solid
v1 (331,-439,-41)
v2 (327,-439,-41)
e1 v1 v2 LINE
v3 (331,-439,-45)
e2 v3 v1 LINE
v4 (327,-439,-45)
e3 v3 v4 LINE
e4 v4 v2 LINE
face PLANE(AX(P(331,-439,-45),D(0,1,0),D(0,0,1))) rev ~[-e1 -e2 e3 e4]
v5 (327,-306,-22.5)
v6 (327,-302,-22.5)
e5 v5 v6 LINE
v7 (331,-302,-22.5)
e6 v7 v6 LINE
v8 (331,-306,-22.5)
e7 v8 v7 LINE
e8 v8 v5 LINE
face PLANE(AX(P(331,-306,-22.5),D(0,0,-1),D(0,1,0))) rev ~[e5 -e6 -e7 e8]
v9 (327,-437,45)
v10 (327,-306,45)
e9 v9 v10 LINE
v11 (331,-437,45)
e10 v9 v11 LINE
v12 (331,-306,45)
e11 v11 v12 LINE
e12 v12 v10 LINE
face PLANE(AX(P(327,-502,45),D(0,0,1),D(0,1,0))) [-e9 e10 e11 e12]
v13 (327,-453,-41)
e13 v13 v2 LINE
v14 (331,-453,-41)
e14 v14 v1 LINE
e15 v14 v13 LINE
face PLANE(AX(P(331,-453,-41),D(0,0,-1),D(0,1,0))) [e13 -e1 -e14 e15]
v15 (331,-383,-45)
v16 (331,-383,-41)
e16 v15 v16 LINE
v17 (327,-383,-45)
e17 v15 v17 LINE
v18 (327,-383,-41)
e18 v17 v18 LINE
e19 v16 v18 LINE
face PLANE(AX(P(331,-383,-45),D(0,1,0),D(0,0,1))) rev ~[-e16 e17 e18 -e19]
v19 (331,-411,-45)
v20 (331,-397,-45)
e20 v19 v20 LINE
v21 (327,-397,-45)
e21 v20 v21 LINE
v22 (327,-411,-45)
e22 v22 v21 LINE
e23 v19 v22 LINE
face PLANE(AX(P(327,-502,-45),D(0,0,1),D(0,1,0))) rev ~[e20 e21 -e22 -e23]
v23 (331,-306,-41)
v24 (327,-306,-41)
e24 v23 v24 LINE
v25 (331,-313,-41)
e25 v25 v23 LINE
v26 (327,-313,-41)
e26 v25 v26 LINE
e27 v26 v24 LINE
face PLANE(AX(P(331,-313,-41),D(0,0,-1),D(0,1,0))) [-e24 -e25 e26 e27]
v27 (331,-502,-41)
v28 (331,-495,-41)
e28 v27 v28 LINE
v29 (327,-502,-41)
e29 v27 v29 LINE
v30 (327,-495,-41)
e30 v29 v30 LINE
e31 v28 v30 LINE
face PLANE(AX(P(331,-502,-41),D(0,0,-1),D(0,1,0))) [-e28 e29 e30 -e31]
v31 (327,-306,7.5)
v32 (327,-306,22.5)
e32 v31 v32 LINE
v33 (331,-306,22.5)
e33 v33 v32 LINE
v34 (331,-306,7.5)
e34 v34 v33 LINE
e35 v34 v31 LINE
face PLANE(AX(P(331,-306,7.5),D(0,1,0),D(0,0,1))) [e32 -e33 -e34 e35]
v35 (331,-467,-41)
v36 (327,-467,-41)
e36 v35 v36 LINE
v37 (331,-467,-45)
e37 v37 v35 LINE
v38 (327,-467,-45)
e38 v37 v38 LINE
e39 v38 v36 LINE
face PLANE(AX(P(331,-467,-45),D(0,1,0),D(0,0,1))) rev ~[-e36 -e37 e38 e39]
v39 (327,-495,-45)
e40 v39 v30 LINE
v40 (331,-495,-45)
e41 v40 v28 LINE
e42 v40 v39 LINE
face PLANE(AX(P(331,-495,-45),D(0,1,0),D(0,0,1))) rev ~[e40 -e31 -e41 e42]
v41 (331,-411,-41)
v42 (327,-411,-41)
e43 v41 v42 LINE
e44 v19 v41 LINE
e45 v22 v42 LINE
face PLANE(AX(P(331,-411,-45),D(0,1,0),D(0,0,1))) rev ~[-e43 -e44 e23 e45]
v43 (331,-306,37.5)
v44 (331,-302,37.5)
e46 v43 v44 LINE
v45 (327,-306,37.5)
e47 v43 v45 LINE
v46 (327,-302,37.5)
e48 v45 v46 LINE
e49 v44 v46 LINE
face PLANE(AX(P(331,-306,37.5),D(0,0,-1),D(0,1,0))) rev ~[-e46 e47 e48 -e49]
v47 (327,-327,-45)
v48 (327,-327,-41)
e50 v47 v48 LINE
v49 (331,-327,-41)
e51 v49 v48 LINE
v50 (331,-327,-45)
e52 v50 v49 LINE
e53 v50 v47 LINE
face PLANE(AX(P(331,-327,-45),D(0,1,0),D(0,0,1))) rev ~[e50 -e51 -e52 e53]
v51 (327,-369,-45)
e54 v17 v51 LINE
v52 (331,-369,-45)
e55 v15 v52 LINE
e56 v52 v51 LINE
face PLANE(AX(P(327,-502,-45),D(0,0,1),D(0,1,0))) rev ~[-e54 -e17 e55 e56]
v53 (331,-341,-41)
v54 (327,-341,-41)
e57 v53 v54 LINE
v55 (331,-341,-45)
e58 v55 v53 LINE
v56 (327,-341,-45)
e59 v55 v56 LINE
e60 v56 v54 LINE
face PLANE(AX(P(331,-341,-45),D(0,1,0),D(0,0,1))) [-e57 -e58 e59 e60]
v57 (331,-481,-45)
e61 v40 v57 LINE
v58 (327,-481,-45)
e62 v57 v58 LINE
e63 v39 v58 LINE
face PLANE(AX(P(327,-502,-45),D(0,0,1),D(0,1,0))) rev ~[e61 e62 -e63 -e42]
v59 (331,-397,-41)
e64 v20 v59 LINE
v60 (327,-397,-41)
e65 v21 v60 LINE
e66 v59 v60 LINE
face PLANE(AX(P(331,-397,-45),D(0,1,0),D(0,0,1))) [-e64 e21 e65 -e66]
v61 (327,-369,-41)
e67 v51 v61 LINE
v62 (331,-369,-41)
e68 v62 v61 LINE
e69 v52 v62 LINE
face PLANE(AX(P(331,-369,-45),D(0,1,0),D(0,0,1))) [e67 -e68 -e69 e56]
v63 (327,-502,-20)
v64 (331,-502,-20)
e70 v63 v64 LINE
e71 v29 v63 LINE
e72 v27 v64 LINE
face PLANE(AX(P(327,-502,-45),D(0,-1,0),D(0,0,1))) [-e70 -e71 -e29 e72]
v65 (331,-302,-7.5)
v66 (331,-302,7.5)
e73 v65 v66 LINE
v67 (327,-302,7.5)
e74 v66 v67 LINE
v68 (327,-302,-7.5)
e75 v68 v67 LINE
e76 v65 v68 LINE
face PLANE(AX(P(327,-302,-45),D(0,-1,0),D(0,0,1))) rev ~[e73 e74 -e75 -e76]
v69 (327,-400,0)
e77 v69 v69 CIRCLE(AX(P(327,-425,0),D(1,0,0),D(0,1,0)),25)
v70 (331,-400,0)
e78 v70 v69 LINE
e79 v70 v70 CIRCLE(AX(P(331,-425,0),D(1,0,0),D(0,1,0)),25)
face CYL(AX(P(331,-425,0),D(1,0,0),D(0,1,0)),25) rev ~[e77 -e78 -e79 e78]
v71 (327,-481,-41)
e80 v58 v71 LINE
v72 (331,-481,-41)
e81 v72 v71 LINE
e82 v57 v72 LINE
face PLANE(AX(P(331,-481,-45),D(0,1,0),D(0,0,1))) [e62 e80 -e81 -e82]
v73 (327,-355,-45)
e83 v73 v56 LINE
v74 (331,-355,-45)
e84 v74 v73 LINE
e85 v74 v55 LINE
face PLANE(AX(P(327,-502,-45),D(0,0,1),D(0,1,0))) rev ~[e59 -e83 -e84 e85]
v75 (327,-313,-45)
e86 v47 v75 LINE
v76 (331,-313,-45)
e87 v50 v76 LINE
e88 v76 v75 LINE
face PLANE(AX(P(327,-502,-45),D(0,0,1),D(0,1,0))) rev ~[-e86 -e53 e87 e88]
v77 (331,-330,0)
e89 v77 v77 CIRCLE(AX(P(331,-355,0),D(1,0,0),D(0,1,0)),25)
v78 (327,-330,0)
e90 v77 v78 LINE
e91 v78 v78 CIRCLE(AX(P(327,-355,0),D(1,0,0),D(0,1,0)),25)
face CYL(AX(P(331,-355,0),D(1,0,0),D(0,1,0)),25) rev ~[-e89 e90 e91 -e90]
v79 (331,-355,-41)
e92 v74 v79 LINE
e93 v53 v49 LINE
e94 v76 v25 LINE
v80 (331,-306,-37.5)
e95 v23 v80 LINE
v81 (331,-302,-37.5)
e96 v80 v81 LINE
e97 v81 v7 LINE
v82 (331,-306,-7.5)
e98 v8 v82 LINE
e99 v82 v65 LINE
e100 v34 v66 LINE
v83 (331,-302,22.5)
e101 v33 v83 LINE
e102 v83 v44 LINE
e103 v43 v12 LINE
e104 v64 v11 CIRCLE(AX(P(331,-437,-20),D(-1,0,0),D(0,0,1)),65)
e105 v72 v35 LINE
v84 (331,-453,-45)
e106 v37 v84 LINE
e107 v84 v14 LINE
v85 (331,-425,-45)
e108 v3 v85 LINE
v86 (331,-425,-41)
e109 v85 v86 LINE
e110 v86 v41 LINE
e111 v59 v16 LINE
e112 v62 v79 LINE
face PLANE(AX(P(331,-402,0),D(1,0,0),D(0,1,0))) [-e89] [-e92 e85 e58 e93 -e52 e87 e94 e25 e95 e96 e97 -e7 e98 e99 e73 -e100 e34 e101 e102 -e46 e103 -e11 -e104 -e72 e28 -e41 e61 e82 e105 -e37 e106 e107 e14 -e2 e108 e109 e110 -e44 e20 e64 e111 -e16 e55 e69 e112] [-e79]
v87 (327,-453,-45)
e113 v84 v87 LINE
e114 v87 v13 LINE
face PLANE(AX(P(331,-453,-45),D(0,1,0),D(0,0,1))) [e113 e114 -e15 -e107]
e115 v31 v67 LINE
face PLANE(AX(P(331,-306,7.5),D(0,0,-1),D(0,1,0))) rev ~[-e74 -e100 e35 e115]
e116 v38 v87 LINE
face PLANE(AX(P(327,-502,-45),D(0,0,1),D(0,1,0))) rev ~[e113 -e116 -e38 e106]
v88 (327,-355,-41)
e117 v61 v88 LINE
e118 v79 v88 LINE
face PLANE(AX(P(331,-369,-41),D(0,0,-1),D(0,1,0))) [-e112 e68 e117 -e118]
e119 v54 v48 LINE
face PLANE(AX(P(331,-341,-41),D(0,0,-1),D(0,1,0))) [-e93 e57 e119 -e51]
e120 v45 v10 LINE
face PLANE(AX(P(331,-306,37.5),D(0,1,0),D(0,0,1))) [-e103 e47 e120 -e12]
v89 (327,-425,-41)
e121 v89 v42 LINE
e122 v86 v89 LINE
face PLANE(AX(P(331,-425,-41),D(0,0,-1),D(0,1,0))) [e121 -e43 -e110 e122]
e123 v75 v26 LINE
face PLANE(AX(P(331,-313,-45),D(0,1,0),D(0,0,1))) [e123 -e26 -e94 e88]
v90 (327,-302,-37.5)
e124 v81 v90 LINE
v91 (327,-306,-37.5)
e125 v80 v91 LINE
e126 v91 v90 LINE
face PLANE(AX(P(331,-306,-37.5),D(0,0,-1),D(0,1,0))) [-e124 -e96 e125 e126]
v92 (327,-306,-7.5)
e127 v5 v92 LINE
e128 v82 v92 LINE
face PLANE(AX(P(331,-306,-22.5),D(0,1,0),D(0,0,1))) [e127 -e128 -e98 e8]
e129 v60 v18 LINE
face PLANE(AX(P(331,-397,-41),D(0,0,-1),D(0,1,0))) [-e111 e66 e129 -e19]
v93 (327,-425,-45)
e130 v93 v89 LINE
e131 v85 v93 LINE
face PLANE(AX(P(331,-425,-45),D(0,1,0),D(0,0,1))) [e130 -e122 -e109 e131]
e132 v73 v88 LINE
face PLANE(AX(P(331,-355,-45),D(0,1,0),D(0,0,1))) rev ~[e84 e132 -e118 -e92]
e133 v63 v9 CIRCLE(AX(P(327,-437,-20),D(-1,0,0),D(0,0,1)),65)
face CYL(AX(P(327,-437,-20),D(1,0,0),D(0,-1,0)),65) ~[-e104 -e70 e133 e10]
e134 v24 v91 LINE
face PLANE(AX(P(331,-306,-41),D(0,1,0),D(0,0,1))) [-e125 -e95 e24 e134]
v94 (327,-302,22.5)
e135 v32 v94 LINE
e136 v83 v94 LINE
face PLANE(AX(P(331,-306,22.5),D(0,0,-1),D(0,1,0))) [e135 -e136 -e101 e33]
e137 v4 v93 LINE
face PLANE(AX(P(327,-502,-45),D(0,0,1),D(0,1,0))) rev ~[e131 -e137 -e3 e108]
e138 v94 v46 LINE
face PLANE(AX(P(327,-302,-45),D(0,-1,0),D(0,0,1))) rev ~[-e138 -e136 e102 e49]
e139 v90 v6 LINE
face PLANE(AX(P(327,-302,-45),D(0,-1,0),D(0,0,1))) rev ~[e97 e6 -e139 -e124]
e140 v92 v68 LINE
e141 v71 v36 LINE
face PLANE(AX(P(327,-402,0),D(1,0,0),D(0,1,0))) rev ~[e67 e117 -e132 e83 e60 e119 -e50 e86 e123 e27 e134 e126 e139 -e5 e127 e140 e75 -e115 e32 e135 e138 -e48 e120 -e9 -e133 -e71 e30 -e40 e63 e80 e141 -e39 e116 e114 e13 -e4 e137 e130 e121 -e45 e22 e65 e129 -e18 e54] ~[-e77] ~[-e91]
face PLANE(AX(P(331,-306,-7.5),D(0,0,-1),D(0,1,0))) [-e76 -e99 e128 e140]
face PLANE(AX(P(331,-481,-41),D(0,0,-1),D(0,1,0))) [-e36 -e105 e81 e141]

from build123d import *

# Parameters (mm, degrees)
SKETCH080_W     = 200
SKETCH080_H     = 90
PAD040_DEPTH    = 4
SKETCH081_R     = 25
SKETCH081_W     = 7
SKETCH081_H     = 4
SKETCH081_W_2   = 14
SKETCH081_W_3   = 4
SKETCH081_H_2   = 15
SKETCH081_H_3   = 7.5
POCKET036_DEPTH = 4
FILLET005_R     = 65


with BuildPart() as part:
    # Sketch080 → Pad040 (new body)
    with BuildSketch(Plane.YZ):
        Rectangle(SKETCH080_W, SKETCH080_H)
    extrude(amount=PAD040_DEPTH)

    # Sketch081 (on Face6 of Pad040) → Pocket036 (cut)
    with BuildSketch(Plane.YZ.offset(4)):
        with Locations((-23, 0)):
            Circle(SKETCH081_R)
        with Locations((47, 0)):
            Circle(SKETCH081_R)
        with Locations((-96.5, -43)):
            Rectangle(SKETCH081_W, SKETCH081_H)
        with Locations((-72, -43)):
            Rectangle(SKETCH081_W_2, SKETCH081_H)
        with Locations((-44, -43)):
            Rectangle(SKETCH081_W_2, SKETCH081_H)
        with Locations((-16, -43)):
            Rectangle(SKETCH081_W_2, SKETCH081_H)
        with Locations((12, -43)):
            Rectangle(SKETCH081_W_2, SKETCH081_H)
        with Locations((40, -43)):
            Rectangle(SKETCH081_W_2, SKETCH081_H)
        with Locations((68, -43)):
            Rectangle(SKETCH081_W_2, SKETCH081_H)
        with Locations((98, -15)):
            Rectangle(SKETCH081_W_3, SKETCH081_H_2)
        with Locations((98, 15)):
            Rectangle(SKETCH081_W_3, SKETCH081_H_2)
        with Locations((98, 41.25)):
            Rectangle(SKETCH081_W_3, SKETCH081_H_3)
        Polygon((89, -45), (89, -41), (96, -41), (96, -37.5), (100, -37.5), (100, -45), align=None)
    extrude(amount=-POCKET036_DEPTH, mode=Mode.SUBTRACT)

    # Fillet005
    fillet005_edges = [part.edges().sort_by_distance(p)[0] for p in [
        (2, -100, 45),
    ]]
    fillet(fillet005_edges, radius=FILLET005_R)


with BuildPart() as part_1:
    # Body040 placement: moved
    add(part.part.moved(Location((327, -402, 0))))


solid = part_1.part
